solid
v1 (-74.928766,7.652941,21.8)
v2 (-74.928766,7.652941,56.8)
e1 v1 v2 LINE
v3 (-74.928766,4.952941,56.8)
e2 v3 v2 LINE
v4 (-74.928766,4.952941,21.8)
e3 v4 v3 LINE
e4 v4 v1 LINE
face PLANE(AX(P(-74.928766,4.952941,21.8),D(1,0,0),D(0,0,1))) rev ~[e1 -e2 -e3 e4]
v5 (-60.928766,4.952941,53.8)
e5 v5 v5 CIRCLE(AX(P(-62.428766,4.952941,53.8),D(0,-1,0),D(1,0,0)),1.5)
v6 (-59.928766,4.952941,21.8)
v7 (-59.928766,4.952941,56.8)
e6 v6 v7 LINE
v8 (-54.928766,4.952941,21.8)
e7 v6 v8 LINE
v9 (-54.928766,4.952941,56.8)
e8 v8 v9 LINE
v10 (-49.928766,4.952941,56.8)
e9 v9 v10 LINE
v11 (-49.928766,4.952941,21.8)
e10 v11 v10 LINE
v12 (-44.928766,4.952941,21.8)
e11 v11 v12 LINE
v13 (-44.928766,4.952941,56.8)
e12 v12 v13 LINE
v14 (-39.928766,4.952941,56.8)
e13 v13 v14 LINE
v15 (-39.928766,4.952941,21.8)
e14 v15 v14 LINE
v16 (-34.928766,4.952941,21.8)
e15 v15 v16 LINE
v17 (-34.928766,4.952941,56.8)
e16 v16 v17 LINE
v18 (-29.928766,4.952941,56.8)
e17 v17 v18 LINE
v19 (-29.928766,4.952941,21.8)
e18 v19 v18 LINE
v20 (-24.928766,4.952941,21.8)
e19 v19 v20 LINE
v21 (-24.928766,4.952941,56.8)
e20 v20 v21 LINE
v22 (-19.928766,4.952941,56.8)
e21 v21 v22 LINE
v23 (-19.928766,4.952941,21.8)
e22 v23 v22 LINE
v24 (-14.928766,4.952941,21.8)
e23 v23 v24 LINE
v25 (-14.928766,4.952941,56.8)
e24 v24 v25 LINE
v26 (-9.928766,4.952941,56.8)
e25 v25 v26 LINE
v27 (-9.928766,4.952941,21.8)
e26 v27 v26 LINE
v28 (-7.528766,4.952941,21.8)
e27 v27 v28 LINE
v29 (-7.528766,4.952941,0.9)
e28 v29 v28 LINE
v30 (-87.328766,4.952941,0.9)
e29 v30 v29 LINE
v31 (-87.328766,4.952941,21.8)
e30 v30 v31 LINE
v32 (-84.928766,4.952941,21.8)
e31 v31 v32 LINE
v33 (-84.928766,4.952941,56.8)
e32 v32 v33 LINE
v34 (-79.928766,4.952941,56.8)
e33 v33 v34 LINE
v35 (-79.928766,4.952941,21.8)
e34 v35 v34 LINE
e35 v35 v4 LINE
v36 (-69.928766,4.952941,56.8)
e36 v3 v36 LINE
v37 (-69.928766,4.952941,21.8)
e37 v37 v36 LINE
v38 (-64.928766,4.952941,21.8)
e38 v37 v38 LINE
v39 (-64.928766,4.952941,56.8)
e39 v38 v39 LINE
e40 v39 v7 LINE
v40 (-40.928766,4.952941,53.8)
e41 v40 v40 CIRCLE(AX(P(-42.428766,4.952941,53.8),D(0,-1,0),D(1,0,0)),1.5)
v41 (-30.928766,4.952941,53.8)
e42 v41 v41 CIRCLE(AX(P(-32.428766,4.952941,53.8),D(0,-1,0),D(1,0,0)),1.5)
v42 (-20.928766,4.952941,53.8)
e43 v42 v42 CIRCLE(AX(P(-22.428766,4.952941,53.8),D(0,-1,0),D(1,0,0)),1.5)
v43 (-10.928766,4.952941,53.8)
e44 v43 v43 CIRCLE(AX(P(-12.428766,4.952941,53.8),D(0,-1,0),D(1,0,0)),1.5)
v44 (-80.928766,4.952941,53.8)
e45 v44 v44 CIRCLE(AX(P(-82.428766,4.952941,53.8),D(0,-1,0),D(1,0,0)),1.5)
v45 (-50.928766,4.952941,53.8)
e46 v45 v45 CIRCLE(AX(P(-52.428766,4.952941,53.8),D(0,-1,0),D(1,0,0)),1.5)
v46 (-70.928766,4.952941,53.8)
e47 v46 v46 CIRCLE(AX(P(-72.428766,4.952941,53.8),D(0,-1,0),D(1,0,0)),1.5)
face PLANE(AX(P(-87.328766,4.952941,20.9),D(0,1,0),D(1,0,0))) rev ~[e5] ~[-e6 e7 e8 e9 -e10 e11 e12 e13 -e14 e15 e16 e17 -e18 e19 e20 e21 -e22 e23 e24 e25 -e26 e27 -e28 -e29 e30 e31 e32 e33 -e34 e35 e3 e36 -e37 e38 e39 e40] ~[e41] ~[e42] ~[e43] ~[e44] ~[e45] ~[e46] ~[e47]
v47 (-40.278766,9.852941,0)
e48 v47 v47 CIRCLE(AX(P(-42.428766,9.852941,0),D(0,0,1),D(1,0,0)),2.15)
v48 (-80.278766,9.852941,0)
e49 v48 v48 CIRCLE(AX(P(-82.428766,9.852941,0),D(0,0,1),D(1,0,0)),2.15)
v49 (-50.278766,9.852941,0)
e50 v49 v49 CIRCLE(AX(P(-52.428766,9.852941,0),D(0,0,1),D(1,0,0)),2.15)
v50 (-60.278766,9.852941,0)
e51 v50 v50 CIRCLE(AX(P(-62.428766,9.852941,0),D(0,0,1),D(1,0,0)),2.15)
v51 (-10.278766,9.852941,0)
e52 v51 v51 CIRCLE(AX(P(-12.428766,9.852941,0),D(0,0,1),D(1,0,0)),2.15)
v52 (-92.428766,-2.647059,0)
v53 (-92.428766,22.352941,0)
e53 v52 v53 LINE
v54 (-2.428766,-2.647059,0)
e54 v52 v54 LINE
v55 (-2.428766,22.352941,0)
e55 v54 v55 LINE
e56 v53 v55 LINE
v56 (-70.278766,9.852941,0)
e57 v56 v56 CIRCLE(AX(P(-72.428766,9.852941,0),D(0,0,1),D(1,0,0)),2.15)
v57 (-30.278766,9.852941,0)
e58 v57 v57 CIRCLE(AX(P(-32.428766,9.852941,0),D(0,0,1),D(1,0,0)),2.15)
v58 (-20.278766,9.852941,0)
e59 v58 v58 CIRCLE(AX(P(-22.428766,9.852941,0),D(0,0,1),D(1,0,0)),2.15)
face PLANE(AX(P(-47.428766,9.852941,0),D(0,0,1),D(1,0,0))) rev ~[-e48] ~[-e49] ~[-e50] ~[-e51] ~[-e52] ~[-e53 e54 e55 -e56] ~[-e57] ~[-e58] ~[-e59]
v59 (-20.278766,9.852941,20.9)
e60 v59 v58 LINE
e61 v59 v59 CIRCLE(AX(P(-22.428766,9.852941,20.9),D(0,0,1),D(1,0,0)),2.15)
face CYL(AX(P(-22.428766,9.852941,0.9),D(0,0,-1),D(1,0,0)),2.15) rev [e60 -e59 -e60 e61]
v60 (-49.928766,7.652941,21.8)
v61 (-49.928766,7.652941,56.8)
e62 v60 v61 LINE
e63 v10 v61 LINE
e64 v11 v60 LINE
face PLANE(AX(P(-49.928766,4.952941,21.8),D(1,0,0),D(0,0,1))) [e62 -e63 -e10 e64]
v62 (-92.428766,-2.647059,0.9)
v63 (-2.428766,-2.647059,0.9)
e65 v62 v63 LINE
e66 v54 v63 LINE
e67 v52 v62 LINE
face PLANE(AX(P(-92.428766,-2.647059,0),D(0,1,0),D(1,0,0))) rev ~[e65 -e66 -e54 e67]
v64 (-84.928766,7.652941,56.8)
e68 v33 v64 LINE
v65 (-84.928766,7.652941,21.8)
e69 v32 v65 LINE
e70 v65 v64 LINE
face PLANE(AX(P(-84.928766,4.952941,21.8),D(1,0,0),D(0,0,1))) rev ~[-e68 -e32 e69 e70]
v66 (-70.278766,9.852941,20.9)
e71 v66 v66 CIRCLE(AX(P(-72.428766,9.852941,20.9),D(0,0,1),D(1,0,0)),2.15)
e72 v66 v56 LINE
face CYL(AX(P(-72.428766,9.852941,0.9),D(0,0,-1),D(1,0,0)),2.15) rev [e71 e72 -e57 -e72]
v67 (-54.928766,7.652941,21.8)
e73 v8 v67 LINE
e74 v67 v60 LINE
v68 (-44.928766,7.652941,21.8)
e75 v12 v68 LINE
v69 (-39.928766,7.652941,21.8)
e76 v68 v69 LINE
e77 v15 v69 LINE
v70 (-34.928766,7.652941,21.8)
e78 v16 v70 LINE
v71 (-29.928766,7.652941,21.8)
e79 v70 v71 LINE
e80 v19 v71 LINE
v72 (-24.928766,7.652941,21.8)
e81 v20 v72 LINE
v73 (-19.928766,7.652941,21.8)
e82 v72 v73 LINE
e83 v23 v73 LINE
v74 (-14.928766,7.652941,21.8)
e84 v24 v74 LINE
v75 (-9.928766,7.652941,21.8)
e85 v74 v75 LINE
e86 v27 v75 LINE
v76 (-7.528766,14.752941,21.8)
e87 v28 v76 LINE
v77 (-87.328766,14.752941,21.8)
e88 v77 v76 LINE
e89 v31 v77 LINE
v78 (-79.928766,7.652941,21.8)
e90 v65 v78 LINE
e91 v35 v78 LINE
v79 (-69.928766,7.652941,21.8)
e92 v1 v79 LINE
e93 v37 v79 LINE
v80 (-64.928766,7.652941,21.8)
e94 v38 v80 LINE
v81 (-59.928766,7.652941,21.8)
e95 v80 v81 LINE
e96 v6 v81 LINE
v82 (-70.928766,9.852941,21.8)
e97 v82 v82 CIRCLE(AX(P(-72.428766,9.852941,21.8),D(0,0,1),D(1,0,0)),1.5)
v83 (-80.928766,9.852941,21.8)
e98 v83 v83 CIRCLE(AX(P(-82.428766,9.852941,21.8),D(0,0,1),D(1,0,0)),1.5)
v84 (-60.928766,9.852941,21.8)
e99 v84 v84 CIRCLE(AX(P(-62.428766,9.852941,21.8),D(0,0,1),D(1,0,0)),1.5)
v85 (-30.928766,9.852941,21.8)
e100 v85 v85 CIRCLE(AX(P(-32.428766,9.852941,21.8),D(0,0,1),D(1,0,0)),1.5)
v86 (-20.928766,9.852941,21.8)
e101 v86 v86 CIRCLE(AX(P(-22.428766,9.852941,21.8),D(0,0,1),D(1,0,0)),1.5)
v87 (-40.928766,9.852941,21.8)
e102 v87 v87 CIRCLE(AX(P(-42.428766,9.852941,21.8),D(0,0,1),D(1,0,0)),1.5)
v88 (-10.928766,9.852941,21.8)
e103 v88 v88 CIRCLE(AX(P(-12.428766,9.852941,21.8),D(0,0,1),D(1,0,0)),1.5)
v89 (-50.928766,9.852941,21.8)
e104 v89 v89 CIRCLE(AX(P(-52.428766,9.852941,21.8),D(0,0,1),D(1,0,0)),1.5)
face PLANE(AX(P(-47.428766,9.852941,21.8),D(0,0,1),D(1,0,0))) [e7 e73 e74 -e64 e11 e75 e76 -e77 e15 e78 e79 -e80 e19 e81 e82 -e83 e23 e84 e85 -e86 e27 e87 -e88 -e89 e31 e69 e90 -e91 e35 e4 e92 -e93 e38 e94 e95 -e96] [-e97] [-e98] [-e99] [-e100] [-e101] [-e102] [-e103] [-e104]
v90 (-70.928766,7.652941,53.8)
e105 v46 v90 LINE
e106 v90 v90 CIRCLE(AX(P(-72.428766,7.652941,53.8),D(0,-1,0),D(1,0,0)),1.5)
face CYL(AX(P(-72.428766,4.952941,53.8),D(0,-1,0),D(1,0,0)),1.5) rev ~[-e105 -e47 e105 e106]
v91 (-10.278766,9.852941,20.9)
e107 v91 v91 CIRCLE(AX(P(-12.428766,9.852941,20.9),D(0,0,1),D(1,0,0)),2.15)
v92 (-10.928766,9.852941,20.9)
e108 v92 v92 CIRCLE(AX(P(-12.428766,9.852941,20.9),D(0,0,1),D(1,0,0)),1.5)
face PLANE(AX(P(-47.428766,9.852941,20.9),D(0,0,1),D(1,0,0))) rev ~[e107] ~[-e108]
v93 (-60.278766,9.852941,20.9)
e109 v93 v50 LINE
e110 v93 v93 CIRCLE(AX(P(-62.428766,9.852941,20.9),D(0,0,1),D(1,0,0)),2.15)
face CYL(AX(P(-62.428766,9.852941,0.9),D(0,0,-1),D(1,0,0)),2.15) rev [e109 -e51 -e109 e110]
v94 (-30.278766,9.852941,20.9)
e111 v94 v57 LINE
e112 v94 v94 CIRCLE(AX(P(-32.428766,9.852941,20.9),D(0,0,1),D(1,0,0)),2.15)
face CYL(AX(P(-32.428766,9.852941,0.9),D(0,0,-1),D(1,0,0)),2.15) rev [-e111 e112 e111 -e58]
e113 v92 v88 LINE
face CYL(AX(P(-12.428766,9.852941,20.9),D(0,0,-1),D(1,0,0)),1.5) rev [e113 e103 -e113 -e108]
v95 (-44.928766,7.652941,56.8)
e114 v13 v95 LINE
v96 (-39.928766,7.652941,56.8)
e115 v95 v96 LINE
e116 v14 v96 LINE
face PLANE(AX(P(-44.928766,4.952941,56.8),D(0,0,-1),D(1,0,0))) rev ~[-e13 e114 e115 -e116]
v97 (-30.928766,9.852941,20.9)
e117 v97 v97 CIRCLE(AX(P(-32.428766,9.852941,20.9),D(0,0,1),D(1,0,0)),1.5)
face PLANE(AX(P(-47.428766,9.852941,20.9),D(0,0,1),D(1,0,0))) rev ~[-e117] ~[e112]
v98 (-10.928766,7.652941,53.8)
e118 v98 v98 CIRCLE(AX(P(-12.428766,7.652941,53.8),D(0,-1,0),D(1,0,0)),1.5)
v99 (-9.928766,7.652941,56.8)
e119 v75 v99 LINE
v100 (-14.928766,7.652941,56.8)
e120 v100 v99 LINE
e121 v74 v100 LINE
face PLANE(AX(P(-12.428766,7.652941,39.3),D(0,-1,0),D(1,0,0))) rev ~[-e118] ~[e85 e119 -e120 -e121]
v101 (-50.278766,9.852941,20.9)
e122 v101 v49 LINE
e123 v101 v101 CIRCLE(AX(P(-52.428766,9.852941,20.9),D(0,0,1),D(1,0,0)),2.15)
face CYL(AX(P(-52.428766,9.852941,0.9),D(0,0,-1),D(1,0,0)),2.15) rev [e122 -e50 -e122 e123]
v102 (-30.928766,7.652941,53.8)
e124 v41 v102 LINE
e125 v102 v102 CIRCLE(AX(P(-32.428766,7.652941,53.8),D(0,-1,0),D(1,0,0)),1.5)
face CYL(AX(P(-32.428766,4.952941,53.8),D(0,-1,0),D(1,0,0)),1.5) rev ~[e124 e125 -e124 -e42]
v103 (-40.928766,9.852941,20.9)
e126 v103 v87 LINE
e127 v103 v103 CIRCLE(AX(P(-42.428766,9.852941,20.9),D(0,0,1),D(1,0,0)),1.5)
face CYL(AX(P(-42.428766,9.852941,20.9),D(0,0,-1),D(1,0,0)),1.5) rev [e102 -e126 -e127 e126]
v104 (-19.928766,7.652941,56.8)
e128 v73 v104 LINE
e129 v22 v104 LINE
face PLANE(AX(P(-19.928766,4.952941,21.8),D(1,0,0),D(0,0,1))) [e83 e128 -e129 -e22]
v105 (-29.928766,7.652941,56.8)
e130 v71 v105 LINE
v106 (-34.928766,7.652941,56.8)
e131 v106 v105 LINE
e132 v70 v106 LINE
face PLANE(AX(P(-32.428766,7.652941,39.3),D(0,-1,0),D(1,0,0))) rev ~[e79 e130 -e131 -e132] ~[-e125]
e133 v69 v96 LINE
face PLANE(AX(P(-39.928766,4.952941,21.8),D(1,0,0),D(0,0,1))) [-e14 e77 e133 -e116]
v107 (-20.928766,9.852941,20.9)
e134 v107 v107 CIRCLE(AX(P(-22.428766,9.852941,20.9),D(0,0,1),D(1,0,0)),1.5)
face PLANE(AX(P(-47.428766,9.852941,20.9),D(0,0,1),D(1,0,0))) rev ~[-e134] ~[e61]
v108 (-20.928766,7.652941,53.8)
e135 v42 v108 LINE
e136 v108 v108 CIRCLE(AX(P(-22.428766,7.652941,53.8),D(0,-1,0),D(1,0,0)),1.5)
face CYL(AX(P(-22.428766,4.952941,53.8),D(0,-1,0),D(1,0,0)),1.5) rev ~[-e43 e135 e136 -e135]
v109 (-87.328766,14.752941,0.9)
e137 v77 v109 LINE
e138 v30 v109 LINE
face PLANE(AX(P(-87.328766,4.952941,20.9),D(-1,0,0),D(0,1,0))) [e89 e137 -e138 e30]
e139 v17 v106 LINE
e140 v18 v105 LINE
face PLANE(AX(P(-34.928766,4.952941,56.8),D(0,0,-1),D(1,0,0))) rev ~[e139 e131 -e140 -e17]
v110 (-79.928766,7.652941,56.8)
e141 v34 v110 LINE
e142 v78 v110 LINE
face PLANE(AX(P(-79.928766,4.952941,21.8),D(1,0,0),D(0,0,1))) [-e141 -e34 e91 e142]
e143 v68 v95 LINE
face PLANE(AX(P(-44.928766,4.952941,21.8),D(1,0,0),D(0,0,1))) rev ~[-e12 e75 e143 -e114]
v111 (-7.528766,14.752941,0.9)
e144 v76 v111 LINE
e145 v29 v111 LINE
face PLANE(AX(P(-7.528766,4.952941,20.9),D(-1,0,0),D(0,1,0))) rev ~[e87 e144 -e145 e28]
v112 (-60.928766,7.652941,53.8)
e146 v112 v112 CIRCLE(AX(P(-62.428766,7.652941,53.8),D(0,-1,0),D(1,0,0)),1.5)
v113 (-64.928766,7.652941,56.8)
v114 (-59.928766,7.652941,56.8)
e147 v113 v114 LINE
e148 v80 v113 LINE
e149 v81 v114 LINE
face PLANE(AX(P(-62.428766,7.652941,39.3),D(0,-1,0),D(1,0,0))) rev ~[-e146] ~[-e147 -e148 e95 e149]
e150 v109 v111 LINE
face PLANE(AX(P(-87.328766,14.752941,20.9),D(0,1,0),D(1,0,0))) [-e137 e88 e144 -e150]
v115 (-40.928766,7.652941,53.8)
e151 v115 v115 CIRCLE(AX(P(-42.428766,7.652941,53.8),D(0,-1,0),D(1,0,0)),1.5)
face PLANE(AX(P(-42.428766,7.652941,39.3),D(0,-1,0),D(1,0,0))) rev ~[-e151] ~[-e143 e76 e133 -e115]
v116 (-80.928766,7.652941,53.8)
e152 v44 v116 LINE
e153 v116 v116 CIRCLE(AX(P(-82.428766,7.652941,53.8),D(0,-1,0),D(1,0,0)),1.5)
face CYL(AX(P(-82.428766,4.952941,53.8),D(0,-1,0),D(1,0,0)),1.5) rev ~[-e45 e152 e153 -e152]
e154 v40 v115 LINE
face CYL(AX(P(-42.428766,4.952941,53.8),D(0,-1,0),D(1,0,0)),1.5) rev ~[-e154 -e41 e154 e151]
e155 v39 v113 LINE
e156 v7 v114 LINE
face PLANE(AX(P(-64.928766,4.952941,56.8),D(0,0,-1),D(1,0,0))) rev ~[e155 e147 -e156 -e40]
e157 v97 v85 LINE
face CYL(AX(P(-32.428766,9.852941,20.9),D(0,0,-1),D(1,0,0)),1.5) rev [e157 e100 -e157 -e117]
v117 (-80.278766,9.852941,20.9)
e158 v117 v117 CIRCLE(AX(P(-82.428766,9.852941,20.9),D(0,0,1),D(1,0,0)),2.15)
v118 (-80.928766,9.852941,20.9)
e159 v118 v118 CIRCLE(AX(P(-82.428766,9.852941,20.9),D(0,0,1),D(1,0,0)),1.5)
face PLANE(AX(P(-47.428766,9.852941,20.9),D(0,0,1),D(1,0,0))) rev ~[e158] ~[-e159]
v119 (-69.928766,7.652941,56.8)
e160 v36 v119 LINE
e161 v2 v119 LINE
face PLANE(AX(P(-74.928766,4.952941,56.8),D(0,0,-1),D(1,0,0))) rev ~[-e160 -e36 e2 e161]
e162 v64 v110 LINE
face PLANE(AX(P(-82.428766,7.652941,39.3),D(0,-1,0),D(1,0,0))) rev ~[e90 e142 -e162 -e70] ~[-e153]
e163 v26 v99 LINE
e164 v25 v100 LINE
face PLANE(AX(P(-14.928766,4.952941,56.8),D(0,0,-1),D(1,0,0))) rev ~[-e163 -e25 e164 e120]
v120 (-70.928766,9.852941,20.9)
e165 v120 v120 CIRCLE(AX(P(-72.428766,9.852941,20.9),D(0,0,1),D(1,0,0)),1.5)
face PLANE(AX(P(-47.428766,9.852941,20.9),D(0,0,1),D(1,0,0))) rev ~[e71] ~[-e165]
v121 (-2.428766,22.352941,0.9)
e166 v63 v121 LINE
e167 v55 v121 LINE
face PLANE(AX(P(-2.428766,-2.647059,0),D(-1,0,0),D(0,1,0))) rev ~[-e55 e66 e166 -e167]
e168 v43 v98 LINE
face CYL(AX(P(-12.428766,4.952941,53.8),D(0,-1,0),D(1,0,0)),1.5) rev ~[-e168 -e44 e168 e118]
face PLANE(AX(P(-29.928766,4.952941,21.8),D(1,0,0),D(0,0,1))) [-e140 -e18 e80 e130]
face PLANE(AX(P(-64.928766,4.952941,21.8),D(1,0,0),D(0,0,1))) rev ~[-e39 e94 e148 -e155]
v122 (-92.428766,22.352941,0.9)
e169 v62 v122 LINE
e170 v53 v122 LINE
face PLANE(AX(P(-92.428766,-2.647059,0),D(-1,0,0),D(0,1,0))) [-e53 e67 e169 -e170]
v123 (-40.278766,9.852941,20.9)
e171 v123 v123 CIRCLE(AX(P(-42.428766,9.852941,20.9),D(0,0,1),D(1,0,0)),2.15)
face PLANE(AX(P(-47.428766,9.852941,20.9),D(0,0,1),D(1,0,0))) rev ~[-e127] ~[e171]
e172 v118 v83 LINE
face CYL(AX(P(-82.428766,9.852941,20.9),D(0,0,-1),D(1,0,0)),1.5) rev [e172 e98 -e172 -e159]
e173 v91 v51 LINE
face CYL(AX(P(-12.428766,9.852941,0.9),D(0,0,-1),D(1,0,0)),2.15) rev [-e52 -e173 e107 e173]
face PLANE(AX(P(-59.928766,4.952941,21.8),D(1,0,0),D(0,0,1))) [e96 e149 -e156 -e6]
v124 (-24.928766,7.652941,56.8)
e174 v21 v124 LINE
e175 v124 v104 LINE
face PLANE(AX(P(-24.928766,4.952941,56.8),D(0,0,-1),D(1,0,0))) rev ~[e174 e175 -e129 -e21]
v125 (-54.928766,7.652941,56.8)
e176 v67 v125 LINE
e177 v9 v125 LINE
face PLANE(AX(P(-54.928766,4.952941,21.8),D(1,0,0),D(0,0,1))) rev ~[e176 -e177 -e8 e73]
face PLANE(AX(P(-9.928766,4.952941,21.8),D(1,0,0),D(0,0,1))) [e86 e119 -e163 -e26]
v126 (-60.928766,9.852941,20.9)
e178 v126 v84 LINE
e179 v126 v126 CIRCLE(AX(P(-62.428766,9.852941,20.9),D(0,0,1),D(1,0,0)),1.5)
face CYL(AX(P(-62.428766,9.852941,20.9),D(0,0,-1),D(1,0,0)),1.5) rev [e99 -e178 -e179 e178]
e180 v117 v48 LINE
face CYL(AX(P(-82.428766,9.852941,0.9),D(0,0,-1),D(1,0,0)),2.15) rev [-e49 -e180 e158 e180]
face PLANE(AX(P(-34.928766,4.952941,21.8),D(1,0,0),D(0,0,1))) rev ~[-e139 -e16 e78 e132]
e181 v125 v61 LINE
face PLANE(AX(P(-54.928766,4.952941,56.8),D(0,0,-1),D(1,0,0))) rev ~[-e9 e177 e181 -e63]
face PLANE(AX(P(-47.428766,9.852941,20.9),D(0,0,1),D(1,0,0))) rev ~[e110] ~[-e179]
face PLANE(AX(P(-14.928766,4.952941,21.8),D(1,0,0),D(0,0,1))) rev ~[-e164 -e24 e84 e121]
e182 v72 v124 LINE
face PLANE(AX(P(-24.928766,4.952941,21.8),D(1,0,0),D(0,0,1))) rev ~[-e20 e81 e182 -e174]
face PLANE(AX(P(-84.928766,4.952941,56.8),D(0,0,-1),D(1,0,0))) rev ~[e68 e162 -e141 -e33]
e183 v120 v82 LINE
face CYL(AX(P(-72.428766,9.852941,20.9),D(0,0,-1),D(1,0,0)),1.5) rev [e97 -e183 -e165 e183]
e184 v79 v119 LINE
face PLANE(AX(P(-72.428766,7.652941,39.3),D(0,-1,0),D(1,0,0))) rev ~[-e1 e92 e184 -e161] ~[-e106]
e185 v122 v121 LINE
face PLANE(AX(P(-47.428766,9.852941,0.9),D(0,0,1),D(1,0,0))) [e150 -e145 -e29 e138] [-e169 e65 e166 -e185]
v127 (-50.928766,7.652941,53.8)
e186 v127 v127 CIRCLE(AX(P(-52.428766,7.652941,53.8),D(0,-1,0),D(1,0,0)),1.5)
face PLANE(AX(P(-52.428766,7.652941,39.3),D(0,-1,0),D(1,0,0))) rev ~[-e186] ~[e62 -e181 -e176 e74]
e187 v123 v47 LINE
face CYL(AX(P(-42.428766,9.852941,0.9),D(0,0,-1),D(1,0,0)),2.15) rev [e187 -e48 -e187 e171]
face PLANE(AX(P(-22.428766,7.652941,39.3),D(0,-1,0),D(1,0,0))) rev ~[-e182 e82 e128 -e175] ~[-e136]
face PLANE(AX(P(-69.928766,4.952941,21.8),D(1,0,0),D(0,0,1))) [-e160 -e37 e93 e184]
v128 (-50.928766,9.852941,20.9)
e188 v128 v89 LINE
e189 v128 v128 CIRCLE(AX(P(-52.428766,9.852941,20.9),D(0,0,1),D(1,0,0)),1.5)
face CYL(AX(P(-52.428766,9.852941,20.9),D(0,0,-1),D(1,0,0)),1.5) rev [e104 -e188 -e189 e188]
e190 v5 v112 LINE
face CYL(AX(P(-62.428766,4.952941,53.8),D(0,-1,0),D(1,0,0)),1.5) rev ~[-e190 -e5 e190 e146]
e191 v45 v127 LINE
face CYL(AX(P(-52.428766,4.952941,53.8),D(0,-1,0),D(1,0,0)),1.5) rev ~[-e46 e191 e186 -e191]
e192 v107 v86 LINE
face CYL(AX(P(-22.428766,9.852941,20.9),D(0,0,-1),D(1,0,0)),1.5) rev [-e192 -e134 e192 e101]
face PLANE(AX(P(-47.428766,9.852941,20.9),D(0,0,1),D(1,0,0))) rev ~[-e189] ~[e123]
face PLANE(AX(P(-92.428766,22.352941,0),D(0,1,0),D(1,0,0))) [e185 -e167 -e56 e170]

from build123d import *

# Parameters (mm, degrees)
CROQUIS1_W              = 90
CROQUIS1_H              = 25
SALIENTE_EXTRUIR1_DEPTH = 0.9
CROQUIS2_R              = 2.15
CORTAR_EXTRUIR1_DEPTH   = 0.9
CROQUIS3_W              = 79.8
CROQUIS3_H              = 9.8
CROQUIS3_R              = 2.15
SALIENTE_EXTRUIR2_DEPTH = 20
CROQUIS4_W              = 79.8
CROQUIS4_H              = 9.8
CROQUIS4_R              = 1.5
SALIENTE_EXTRUIR3_DEPTH = 0.9
CROQUIS5_W              = 5
CROQUIS5_H              = 35
CROQUIS5_R              = 1.5
SALIENTE_EXTRUIR4_DEPTH = 2.7


with BuildPart() as part:
    # Croquis1 → Saliente-Extruir1 (new body)
    with BuildSketch(Plane.XY):
        with Locations((-47.428766378, 9.852941176)):
            Rectangle(CROQUIS1_W, CROQUIS1_H)
    extrude(amount=SALIENTE_EXTRUIR1_DEPTH)

    # Croquis2 → Cortar-Extruir1 (cut)
    with BuildSketch(Plane.XY.offset(0.9)):
        with Locations((-82.428766378, 9.852941176)):
            Circle(CROQUIS2_R)
        with Locations((-72.428766378, 9.852941176)):
            Circle(CROQUIS2_R)
        with Locations((-62.428766378, 9.852941176)):
            Circle(CROQUIS2_R)
        with Locations((-52.428766378, 9.852941176)):
            Circle(CROQUIS2_R)
        with Locations((-42.428766378, 9.852941176)):
            Circle(CROQUIS2_R)
        with Locations((-32.428766378, 9.852941176)):
            Circle(CROQUIS2_R)
        with Locations((-22.428766378, 9.852941176)):
            Circle(CROQUIS2_R)
        with Locations((-12.428766378, 9.852941176)):
            Circle(CROQUIS2_R)
    extrude(amount=-CORTAR_EXTRUIR1_DEPTH, mode=Mode.SUBTRACT)

    # Croquis3 → Saliente-Extruir2 (add)
    with BuildSketch(Plane.XY.offset(0.9)):
        with Locations((-47.428766378, 9.852941176)):
            Rectangle(CROQUIS3_W, CROQUIS3_H)
        with Locations((-12.428766378, 9.852941176)):
            Circle(CROQUIS3_R, mode=Mode.SUBTRACT)
        with Locations((-22.428766378, 9.852941176)):
            Circle(CROQUIS3_R, mode=Mode.SUBTRACT)
        with Locations((-32.428766378, 9.852941176)):
            Circle(CROQUIS3_R, mode=Mode.SUBTRACT)
        with Locations((-42.428766378, 9.852941176)):
            Circle(CROQUIS3_R, mode=Mode.SUBTRACT)
        with Locations((-52.428766378, 9.852941176)):
            Circle(CROQUIS3_R, mode=Mode.SUBTRACT)
        with Locations((-62.428766378, 9.852941176)):
            Circle(CROQUIS3_R, mode=Mode.SUBTRACT)
        with Locations((-72.428766378, 9.852941176)):
            Circle(CROQUIS3_R, mode=Mode.SUBTRACT)
        with Locations((-82.428766378, 9.852941176)):
            Circle(CROQUIS3_R, mode=Mode.SUBTRACT)
    extrude(amount=SALIENTE_EXTRUIR2_DEPTH)

    # Croquis4 → Saliente-Extruir3 (add)
    with BuildSketch(Plane.XY.offset(20.9)):
        with Locations((-47.428766378, 9.852941176)):
            Rectangle(CROQUIS4_W, CROQUIS4_H)
        with Locations((-82.428766378, 9.852941176)):
            Circle(CROQUIS4_R, mode=Mode.SUBTRACT)
        with Locations((-72.428766378, 9.852941176)):
            Circle(CROQUIS4_R, mode=Mode.SUBTRACT)
        with Locations((-62.428766378, 9.852941176)):
            Circle(CROQUIS4_R, mode=Mode.SUBTRACT)
        with Locations((-52.428766378, 9.852941176)):
            Circle(CROQUIS4_R, mode=Mode.SUBTRACT)
        with Locations((-42.428766378, 9.852941176)):
            Circle(CROQUIS4_R, mode=Mode.SUBTRACT)
        with Locations((-32.428766378, 9.852941176)):
            Circle(CROQUIS4_R, mode=Mode.SUBTRACT)
        with Locations((-22.428766378, 9.852941176)):
            Circle(CROQUIS4_R, mode=Mode.SUBTRACT)
        with Locations((-12.428766378, 9.852941176)):
            Circle(CROQUIS4_R, mode=Mode.SUBTRACT)
    extrude(amount=SALIENTE_EXTRUIR3_DEPTH)

    # Croquis5 → Saliente-Extruir4 (add)
    with BuildSketch(Plane.XZ.offset(-4.952941176)):
        with Locations((-82.428766378, 39.3)):
            Rectangle(CROQUIS5_W, CROQUIS5_H)
        with Locations((-82.428766378, 53.8)):
            Circle(CROQUIS5_R, mode=Mode.SUBTRACT)
        with Locations((-72.428766378, 39.3)):
            Rectangle(CROQUIS5_W, CROQUIS5_H)
        with Locations((-72.428766378, 53.8)):
            Circle(CROQUIS5_R, mode=Mode.SUBTRACT)
        with Locations((-62.428766378, 39.3)):
            Rectangle(CROQUIS5_W, CROQUIS5_H)
        with Locations((-62.428766378, 53.8)):
            Circle(CROQUIS5_R, mode=Mode.SUBTRACT)
        with Locations((-52.428766378, 39.3)):
            Rectangle(CROQUIS5_W, CROQUIS5_H)
        with Locations((-52.428766378, 53.8)):
            Circle(CROQUIS5_R, mode=Mode.SUBTRACT)
        with Locations((-42.428766378, 39.3)):
            Rectangle(CROQUIS5_W, CROQUIS5_H)
        with Locations((-42.428766378, 53.8)):
            Circle(CROQUIS5_R, mode=Mode.SUBTRACT)
        with Locations((-32.428766378, 39.3)):
            Rectangle(CROQUIS5_W, CROQUIS5_H)
        with Locations((-32.428766378, 53.8)):
            Circle(CROQUIS5_R, mode=Mode.SUBTRACT)
        with Locations((-22.428766378, 39.3)):
            Rectangle(CROQUIS5_W, CROQUIS5_H)
        with Locations((-22.428766378, 53.8)):
            Circle(CROQUIS5_R, mode=Mode.SUBTRACT)
        with Locations((-12.428766378, 39.3)):
            Rectangle(CROQUIS5_W, CROQUIS5_H)
        with Locations((-12.428766378, 53.8)):
            Circle(CROQUIS5_R, mode=Mode.SUBTRACT)
    extrude(amount=-SALIENTE_EXTRUIR4_DEPTH)


solid = part.part
